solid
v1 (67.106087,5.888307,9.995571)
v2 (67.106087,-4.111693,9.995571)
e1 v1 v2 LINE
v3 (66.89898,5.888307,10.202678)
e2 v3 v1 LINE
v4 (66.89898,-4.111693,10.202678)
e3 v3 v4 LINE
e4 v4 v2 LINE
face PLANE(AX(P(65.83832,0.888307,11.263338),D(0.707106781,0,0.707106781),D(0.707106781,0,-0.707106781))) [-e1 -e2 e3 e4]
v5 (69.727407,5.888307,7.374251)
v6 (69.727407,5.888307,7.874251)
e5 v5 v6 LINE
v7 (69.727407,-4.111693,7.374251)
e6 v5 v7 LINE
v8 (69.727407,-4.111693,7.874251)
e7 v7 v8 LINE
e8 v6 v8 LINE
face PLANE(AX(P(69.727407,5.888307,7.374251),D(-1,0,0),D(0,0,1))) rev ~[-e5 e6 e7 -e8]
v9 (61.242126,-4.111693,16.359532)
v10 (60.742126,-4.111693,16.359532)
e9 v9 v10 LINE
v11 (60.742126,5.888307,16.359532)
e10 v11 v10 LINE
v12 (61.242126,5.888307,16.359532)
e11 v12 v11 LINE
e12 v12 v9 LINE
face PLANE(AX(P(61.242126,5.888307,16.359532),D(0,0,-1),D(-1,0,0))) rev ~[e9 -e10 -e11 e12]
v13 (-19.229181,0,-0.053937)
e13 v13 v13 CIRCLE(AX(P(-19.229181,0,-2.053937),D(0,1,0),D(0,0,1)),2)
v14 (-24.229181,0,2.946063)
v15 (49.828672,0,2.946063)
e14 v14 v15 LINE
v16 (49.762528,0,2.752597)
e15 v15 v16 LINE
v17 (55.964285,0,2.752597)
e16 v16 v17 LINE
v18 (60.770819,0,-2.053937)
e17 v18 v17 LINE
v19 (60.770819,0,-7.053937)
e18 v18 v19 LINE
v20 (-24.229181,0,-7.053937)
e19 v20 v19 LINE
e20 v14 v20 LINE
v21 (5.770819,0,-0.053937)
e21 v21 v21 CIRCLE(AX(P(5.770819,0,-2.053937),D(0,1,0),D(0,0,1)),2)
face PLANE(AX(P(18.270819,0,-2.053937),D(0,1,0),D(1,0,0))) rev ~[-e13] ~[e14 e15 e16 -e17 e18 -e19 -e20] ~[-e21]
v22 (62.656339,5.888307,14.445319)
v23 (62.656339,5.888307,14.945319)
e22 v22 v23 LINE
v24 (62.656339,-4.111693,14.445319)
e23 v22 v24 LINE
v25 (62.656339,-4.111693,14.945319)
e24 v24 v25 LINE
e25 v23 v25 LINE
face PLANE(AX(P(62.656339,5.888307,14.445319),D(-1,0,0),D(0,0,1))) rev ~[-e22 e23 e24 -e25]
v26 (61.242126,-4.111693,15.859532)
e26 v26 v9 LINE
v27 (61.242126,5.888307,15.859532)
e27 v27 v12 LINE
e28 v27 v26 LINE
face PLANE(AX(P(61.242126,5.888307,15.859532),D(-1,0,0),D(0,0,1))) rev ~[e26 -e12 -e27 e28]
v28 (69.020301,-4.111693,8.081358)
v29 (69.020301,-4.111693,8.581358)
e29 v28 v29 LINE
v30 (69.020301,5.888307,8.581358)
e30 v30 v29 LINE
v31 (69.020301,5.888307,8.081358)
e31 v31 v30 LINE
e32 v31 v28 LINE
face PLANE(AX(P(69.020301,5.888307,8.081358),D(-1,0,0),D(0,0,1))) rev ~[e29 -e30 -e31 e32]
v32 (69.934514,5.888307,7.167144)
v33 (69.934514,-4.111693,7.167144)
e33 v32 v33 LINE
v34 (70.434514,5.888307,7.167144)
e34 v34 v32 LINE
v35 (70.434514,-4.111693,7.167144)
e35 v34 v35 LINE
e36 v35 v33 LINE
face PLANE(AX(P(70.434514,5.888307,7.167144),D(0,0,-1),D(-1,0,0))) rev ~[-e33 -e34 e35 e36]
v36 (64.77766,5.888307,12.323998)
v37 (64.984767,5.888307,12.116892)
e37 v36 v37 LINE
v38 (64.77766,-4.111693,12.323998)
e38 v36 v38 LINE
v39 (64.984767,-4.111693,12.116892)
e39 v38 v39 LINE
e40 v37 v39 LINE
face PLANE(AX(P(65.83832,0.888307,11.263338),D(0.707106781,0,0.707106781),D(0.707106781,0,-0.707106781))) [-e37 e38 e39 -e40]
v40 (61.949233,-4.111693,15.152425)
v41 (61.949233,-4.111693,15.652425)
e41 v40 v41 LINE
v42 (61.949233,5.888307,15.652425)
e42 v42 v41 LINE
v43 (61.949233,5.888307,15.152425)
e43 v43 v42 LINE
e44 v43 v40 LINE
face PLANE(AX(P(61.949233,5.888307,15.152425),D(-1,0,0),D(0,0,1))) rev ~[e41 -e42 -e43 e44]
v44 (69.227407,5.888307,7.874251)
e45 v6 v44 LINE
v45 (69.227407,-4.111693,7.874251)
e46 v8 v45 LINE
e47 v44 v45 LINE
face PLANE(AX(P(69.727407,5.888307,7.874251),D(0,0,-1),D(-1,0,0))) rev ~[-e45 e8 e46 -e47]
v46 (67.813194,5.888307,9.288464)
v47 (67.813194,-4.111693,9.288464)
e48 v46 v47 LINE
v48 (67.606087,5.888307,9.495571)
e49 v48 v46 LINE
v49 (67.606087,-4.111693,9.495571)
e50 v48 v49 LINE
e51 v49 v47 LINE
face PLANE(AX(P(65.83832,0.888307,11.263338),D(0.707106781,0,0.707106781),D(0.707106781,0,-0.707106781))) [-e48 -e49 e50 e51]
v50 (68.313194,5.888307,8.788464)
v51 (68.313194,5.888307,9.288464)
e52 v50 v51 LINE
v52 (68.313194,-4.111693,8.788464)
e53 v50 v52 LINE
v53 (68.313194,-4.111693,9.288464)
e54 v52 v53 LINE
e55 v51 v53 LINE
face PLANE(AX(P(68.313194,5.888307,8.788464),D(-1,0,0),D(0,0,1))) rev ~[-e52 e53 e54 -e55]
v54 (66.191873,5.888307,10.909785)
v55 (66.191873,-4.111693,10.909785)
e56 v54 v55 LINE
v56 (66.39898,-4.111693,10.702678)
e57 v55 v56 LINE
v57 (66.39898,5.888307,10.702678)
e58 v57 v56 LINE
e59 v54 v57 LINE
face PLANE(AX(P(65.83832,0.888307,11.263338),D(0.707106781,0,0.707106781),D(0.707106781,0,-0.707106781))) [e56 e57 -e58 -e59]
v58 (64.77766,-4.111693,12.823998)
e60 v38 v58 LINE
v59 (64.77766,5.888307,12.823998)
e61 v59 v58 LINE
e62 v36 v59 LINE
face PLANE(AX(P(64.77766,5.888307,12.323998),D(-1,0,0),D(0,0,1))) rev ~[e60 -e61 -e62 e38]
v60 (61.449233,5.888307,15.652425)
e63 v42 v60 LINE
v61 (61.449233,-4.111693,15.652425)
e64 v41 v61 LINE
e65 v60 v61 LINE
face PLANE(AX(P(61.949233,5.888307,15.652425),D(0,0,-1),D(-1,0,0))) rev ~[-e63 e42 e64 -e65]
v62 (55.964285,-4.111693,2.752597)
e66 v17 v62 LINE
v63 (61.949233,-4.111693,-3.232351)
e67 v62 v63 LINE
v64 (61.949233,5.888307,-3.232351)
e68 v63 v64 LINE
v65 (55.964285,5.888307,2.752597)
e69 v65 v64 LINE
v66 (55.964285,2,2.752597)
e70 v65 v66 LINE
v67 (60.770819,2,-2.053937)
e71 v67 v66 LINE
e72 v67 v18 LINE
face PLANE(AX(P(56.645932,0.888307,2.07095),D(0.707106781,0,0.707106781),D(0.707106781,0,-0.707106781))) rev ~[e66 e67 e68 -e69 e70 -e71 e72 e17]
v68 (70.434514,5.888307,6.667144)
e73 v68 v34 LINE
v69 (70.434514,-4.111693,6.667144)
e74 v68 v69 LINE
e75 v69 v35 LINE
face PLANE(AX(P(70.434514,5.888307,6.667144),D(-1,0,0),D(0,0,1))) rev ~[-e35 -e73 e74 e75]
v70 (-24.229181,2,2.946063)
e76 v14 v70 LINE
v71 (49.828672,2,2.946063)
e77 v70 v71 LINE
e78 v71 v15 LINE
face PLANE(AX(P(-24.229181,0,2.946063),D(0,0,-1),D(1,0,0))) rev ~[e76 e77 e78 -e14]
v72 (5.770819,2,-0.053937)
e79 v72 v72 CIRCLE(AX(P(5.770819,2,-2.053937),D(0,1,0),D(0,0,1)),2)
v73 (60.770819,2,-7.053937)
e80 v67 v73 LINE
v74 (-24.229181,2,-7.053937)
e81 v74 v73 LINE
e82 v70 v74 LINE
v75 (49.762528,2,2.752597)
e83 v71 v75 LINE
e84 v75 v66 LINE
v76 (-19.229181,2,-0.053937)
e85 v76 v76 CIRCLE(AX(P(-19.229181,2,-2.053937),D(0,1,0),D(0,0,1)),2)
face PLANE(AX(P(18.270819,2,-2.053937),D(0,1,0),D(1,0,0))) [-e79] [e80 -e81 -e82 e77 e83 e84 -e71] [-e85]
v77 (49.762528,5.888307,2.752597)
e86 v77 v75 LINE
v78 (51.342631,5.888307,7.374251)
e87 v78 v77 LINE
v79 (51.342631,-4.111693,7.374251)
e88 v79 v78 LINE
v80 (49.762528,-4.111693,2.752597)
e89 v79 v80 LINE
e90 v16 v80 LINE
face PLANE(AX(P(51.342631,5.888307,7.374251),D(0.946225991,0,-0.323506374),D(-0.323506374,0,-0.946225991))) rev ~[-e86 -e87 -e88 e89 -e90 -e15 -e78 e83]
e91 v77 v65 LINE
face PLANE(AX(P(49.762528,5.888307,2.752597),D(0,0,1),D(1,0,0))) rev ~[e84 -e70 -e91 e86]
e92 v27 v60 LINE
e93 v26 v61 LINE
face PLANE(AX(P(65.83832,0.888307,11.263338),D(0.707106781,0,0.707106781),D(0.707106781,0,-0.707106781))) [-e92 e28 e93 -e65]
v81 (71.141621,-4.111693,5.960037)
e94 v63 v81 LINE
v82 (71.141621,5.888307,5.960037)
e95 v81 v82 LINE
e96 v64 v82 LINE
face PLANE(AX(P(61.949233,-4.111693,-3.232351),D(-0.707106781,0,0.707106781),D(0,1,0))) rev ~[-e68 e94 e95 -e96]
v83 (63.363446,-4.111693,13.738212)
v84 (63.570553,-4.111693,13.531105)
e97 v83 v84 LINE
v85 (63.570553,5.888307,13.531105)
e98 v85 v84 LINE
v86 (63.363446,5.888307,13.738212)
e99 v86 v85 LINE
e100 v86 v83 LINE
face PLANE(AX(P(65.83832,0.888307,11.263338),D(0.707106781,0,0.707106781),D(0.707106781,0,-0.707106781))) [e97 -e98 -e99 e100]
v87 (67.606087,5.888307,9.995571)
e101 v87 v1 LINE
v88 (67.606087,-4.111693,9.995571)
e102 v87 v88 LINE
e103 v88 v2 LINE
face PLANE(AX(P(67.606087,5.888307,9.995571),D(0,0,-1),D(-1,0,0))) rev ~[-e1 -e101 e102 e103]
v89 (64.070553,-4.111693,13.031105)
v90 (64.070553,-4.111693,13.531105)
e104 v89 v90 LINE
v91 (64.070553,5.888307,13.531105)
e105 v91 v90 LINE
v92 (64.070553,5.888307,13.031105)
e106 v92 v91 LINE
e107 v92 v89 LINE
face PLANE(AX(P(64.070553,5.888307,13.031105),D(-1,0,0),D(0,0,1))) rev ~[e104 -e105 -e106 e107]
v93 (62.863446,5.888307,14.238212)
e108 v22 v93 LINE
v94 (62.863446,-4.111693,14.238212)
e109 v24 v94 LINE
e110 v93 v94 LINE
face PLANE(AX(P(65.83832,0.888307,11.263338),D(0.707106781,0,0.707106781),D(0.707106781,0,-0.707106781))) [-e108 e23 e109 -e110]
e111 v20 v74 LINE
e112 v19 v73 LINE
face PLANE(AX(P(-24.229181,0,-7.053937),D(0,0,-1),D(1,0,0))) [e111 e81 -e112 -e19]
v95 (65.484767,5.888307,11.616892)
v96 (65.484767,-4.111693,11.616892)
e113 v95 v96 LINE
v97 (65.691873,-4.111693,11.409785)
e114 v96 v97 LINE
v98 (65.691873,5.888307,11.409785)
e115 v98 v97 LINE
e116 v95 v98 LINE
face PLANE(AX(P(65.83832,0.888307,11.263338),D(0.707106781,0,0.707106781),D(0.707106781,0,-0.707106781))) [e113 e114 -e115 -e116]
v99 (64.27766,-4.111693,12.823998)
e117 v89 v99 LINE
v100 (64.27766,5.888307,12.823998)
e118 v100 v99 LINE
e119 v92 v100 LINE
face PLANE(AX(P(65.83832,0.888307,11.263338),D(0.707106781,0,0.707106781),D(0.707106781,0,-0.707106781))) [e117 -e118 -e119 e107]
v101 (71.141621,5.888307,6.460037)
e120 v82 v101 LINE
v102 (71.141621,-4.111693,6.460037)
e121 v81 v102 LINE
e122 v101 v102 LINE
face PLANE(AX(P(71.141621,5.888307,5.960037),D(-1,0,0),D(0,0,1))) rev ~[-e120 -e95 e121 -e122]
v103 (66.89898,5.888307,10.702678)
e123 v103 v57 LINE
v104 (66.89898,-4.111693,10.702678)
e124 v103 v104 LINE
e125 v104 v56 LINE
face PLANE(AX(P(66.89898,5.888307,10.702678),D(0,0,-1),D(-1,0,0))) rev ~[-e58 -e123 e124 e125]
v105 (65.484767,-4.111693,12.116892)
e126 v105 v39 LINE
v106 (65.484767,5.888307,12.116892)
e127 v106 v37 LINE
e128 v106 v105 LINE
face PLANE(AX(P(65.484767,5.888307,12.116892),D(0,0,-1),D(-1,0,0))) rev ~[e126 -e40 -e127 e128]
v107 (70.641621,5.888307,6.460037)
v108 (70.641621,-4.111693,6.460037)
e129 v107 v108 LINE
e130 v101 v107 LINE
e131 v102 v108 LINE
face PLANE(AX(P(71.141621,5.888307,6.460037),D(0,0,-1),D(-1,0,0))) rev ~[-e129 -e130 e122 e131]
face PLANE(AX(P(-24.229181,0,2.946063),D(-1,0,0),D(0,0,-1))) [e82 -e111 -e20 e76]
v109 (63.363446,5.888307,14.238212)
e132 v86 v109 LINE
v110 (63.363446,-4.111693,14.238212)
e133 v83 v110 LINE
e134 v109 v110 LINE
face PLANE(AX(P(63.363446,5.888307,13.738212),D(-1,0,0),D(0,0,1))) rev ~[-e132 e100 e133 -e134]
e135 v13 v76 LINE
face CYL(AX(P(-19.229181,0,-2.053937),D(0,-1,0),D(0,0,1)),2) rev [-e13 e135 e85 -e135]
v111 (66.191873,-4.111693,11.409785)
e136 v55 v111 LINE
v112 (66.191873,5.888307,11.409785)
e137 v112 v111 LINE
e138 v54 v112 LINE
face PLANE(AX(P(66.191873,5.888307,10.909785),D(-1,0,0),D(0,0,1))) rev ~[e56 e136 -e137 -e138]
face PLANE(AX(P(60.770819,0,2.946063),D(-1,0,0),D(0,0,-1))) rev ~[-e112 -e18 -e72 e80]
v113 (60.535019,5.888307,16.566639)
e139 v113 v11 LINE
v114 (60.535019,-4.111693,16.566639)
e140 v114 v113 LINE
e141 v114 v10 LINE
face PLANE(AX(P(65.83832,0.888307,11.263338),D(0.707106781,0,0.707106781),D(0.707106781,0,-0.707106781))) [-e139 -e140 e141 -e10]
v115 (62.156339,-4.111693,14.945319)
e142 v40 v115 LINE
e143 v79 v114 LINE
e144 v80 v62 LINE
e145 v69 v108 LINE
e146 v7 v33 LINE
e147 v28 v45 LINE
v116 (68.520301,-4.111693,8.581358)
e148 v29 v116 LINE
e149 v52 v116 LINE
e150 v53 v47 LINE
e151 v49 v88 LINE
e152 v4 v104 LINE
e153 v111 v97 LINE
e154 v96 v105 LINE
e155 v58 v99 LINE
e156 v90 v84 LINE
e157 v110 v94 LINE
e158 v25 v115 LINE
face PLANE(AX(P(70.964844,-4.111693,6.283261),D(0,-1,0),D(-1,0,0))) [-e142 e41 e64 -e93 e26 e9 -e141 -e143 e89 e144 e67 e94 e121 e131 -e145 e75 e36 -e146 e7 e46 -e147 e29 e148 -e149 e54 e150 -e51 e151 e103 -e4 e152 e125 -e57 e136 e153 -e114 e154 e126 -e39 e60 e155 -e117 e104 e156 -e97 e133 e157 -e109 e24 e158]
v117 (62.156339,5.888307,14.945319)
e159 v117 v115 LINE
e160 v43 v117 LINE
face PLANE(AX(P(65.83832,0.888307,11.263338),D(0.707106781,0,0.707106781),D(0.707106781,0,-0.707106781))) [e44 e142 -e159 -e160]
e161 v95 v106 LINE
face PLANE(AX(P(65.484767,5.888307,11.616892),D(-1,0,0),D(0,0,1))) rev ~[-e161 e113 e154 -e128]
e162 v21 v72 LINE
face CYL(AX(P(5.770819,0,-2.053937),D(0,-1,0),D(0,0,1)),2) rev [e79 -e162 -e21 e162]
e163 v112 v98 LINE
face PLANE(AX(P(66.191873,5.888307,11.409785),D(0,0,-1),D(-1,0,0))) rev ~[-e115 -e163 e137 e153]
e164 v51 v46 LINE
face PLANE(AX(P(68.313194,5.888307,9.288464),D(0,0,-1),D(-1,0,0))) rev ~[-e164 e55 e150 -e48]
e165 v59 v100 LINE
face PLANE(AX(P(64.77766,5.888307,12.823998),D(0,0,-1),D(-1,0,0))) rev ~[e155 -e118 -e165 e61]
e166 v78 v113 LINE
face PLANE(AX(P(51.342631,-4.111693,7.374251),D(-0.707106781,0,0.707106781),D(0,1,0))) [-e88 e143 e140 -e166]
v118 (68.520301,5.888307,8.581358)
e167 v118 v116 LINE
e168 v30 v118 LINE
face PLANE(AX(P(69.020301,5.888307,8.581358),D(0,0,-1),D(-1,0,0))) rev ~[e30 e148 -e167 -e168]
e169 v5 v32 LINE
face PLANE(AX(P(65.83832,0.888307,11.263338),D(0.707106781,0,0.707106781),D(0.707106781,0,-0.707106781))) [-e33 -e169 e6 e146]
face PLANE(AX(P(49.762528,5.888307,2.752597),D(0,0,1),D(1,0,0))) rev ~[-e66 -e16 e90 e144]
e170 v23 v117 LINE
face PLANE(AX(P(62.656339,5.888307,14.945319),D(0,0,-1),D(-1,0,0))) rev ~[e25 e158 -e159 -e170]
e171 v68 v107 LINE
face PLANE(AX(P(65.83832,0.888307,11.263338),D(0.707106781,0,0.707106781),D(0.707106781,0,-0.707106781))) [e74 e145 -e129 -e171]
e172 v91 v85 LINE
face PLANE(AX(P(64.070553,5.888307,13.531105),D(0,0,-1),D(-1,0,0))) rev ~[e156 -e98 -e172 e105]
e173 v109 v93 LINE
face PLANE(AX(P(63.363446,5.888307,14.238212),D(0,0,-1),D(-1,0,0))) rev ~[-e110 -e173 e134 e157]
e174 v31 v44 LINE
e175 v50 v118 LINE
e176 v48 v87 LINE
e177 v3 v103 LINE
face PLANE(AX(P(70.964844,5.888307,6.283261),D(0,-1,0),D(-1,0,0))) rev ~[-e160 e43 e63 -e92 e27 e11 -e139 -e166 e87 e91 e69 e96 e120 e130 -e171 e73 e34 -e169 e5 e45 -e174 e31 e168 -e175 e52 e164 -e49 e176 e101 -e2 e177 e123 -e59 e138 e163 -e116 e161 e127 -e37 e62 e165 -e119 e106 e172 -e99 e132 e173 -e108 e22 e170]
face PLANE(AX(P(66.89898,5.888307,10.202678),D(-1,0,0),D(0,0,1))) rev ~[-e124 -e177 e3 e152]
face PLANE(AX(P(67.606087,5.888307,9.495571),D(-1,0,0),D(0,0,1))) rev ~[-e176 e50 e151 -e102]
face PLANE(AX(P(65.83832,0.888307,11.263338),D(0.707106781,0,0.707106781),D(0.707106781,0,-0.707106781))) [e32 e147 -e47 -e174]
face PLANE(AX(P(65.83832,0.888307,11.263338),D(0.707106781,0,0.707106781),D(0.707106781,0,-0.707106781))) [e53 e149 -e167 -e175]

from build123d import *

# Parameters (mm, degrees)
SKETCH1_W           = 85
SKETCH1_H           = 10
SKETCH1_R           = 2
BOSS_EXTRUDE1_DEPTH = 2
CUT_EXTRUDE1_DEPTH  = 10
SKETCH3_W           = 15
SKETCH3_H           = 10
BOSS_EXTRUDE2_DEPTH = 13
BOSS_EXTRUDE3_DEPTH = 10
BOSS_EXTRUDE4_DEPTH = 10


with BuildPart() as part:
    # Sketch1 → Boss-Extrude1 (new body)
    with BuildSketch(Plane(origin=(0, 0, 0), x_dir=(1, 0, 0), z_dir=(0, 1, 0))):
        with Locations((18.270818553, 2.053936679)):
            Rectangle(SKETCH1_W, SKETCH1_H)
        with Locations(Location((-19.229181447, 2.053936679, 0), (0, 0, 270))):
            Circle(SKETCH1_R, mode=Mode.SUBTRACT)
        with Locations(Location((5.770818553, 2.053936679, 0), (0, 0, 270))):
            Circle(SKETCH1_R, mode=Mode.SUBTRACT)
    extrude(amount=BOSS_EXTRUDE1_DEPTH)

    # Sketch2 → Cut-Extrude1 (cut)
    with BuildSketch(Plane(origin=(0, 2, 0), x_dir=(1, 0, 0), z_dir=(0, 1, 0))):
        Polygon((60.770818553, 2.053936679), (55.770818553, -2.946063321), (60.770818553, -2.946063321), align=None)
    extrude(amount=-CUT_EXTRUDE1_DEPTH, mode=Mode.SUBTRACT)

    # Sketch3 → Boss-Extrude2 (add)
    with BuildSketch(Plane(origin=(29.358440937, 0, 29.358440937), x_dir=(0.7071067811865439, 0, -0.7071067811865511), z_dir=(0.7071067811865511, 0, 0.7071067811865439))):
        with Locations((38.590339713, 0.888307249)):
            Rectangle(SKETCH3_W, SKETCH3_H)
    extrude(amount=BOSS_EXTRUDE2_DEPTH)

    # Sketch4 → Boss-Extrude3 (add)
    with BuildSketch(Plane(origin=(0, 5.888307249, 0), x_dir=(1, 0, 0), z_dir=(0, 1, 0))):
        Polygon((51.342630977, -7.374250897), (49.762527896, -2.752596668), (55.964285206, -2.752596668), align=None)
    extrude(amount=-BOSS_EXTRUDE3_DEPTH)

    # Sketch5 → Boss-Extrude4 (add)
    with BuildSketch(Plane(origin=(0, 5.888307249, 0), x_dir=(1, 0, 0), z_dir=(0, 1, 0))):
        Polygon((71.141620851, -5.960037335), (71.141620851, -6.460037335), (70.641620851, -6.460037335), align=None)
        Polygon((70.434514069, -6.667144116), (70.434514069, -7.167144116), (69.934514069, -7.167144116), align=None)
        Polygon((69.727407288, -7.374250897), (69.727407288, -7.874250897), (69.227407288, -7.874250897), align=None)
        Polygon((69.020300507, -8.081357678), (69.020300507, -8.581357678), (68.520300507, -8.581357678), align=None)
        Polygon((68.313193726, -8.788464459), (68.313193726, -9.288464459), (67.813193726, -9.288464459), align=None)
        Polygon((67.606086945, -9.495571241), (67.606086945, -9.995571241), (67.106086945, -9.995571241), align=None)
        Polygon((66.898980164, -10.202678022), (66.898980164, -10.702678022), (66.398980164, -10.702678022), align=None)
        Polygon((66.191873382, -10.909784803), (66.191873382, -11.409784803), (65.691873382, -11.409784803), align=None)
        Polygon((65.484766601, -11.616891584), (65.484766601, -12.116891584), (64.984766601, -12.116891584), align=None)
        Polygon((64.77765982, -12.323998365), (64.77765982, -12.823998365), (64.27765982, -12.823998365), align=None)
        Polygon((64.070553039, -13.031105147), (64.070553039, -13.531105147), (63.570553039, -13.531105147), align=None)
        Polygon((63.363446258, -13.738211928), (63.363446258, -14.238211928), (62.863446258, -14.238211928), align=None)
        Polygon((62.656339476, -14.445318709), (62.656339476, -14.945318709), (62.156339476, -14.945318709), align=None)
        Polygon((61.949232695, -15.15242549), (61.949232695, -15.65242549), (61.449232695, -15.65242549), align=None)
        Polygon((61.242125914, -15.859532271), (61.242125914, -16.359532271), (60.742125914, -16.359532271), align=None)
    extrude(amount=-BOSS_EXTRUDE4_DEPTH)


solid = part.part
